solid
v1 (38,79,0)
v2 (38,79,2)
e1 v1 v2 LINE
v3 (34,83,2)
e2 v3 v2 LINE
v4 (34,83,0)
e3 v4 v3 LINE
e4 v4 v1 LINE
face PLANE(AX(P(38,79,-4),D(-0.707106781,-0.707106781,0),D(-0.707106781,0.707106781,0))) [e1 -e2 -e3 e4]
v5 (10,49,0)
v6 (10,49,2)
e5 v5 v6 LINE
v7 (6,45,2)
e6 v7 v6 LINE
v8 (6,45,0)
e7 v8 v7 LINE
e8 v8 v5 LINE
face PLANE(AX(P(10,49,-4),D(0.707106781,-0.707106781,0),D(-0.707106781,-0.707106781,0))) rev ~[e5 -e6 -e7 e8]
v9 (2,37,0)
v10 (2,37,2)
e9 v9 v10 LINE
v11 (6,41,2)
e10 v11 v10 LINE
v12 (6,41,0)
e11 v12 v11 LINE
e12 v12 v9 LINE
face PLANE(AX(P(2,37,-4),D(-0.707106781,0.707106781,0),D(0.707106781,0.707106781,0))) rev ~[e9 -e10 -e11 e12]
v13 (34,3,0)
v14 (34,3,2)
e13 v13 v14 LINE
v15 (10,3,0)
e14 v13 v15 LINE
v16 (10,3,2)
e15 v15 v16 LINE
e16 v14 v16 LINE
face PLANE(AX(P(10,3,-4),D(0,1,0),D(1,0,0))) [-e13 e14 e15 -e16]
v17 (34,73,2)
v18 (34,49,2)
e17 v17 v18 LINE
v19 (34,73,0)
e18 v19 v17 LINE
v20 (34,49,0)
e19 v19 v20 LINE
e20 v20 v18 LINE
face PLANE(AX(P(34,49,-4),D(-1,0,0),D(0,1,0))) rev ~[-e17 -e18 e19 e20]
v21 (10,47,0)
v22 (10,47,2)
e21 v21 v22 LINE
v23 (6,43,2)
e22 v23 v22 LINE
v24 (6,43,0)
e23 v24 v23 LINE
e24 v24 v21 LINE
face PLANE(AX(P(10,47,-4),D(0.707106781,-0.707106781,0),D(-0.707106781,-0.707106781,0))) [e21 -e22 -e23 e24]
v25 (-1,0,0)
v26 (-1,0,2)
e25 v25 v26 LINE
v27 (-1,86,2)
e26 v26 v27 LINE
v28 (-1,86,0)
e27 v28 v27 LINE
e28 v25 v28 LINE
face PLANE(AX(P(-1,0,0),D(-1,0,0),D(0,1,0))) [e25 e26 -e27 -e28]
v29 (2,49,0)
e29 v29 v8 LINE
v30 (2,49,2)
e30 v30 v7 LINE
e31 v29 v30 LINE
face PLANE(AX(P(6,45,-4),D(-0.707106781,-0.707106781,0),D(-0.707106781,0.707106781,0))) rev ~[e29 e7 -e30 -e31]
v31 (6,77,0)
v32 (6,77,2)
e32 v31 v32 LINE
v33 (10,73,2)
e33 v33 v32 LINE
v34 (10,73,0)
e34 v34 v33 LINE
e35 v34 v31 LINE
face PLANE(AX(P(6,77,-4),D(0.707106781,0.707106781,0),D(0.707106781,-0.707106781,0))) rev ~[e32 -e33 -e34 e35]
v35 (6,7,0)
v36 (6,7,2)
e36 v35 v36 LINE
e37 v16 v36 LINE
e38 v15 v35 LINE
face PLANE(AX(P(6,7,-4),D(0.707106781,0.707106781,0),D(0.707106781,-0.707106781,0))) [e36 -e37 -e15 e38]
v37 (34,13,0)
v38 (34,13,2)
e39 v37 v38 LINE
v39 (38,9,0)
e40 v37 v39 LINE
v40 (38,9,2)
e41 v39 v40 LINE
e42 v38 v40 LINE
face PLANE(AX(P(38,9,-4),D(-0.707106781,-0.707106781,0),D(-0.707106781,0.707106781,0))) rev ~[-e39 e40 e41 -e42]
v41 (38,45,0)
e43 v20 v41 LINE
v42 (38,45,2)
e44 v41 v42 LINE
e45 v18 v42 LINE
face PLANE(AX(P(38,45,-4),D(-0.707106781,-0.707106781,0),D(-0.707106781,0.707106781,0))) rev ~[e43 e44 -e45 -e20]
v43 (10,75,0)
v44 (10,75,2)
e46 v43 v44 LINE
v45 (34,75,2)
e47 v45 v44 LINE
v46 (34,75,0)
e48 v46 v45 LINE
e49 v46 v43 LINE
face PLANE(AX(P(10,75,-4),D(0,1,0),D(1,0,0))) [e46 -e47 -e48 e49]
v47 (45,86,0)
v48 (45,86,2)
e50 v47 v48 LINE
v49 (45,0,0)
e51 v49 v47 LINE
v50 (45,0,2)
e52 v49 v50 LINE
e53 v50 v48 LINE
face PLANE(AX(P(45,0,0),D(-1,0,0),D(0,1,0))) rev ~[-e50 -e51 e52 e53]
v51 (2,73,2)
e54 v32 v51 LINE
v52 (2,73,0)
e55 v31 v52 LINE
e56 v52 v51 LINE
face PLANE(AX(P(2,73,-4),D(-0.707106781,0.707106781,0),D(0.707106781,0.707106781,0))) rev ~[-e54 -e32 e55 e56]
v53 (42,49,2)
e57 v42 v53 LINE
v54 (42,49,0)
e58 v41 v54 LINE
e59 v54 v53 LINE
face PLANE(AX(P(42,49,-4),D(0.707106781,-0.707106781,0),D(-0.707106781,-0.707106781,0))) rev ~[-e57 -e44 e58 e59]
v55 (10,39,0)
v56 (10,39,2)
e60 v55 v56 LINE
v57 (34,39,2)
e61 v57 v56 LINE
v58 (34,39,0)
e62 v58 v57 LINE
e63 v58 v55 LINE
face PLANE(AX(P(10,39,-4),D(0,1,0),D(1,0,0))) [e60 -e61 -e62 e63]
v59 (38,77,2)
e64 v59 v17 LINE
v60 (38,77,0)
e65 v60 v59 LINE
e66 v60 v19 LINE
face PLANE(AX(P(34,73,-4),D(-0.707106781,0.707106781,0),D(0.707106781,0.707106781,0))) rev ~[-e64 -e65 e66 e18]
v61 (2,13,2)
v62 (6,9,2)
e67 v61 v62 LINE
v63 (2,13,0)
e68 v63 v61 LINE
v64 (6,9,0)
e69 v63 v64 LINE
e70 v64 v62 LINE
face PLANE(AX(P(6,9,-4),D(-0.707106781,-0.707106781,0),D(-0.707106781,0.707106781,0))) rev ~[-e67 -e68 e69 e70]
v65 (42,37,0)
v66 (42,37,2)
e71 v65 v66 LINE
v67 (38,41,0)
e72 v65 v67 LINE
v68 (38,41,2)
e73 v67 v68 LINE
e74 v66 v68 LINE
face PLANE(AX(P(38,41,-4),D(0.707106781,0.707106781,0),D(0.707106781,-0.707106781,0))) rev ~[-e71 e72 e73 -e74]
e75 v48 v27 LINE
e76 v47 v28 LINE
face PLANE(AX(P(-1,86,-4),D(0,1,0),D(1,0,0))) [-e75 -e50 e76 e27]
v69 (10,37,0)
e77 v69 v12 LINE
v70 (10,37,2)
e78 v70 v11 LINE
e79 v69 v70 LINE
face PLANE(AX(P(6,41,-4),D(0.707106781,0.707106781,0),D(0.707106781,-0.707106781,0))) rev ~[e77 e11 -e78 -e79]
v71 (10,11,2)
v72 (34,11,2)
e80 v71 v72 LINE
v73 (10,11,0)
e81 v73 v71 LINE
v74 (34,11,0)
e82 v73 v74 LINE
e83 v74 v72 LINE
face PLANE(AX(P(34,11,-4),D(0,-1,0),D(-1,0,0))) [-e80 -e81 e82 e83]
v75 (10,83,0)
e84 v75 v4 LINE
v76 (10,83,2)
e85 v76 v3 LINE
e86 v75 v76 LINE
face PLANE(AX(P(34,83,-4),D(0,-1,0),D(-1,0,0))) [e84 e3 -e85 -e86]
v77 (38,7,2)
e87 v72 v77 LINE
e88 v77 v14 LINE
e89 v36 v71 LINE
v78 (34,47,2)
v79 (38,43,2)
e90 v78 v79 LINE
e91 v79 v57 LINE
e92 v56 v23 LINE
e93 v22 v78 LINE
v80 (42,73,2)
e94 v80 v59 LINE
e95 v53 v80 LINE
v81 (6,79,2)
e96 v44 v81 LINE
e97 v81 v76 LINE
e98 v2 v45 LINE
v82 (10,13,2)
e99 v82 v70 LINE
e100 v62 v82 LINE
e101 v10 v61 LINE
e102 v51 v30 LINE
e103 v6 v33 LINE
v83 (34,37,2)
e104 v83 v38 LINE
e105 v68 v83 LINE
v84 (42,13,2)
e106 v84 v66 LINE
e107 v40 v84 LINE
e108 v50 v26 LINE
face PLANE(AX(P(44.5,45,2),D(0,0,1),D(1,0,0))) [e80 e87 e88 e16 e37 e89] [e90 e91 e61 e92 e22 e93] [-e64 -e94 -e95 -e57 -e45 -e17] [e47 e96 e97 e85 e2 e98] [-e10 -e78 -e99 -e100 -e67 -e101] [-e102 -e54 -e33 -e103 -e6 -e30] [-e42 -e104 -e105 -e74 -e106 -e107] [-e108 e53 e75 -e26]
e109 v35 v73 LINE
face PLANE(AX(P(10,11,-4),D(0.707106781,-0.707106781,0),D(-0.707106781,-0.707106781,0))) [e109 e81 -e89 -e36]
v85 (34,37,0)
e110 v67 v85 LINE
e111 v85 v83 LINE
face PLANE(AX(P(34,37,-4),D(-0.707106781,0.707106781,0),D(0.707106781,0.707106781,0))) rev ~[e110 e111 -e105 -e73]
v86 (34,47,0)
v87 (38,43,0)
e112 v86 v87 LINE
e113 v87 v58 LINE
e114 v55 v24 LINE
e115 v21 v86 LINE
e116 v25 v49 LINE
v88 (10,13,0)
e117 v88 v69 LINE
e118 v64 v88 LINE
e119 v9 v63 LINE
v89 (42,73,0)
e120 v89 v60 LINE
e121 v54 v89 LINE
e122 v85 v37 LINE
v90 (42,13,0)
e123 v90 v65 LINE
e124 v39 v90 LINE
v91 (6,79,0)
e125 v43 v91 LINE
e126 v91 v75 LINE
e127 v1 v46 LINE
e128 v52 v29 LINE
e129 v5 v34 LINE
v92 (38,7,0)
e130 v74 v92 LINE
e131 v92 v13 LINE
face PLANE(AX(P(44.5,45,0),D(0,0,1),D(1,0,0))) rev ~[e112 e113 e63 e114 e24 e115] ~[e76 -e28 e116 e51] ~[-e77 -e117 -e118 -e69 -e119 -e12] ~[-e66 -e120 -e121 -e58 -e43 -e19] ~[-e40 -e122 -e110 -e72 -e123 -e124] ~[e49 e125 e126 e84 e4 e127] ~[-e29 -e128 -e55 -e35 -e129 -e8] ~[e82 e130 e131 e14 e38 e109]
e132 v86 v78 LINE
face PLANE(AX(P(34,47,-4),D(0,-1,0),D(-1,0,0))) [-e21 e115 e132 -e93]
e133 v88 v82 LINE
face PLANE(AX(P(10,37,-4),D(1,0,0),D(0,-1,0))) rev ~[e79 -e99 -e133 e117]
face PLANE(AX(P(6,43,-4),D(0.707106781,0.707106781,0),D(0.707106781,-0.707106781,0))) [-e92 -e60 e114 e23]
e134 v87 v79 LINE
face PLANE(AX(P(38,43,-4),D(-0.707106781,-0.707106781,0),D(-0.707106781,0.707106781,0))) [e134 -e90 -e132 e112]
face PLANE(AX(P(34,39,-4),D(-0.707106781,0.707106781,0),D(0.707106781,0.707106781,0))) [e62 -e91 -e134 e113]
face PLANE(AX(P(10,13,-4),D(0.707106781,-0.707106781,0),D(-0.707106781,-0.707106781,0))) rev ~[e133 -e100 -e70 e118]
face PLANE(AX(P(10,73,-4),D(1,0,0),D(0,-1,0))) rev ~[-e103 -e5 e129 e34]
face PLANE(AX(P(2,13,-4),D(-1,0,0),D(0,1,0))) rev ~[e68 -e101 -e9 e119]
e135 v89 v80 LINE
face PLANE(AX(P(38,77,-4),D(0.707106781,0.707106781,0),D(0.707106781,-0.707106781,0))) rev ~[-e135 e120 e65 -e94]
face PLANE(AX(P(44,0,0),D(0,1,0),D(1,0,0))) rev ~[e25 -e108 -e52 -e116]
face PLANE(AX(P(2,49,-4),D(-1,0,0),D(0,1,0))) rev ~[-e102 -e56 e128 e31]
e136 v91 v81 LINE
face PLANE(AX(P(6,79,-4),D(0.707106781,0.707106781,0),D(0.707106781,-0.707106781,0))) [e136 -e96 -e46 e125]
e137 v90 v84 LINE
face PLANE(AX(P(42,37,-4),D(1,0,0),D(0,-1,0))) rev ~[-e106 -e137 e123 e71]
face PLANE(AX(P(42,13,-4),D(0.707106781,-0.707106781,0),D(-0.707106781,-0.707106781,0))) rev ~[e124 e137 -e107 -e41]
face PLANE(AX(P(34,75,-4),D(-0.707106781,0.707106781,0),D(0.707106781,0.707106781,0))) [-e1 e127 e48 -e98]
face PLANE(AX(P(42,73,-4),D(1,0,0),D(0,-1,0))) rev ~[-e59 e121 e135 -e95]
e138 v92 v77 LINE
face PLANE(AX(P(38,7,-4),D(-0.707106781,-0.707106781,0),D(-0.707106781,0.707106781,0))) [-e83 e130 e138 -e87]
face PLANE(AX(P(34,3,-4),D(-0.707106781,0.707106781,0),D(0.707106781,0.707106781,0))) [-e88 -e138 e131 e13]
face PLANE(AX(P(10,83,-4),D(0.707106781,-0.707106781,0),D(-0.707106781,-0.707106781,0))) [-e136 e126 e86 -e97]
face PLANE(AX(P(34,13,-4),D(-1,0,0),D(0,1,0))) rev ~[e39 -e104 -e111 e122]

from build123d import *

# Parameters (mm, degrees)
BOX011_W         = 46
BOX011_H         = 4
BOX011_DEPTH     = 10
BOX010_W         = 1
BOX010_H         = 90
BOX010_DEPTH     = 2
BOX_W            = 1
BOX_H            = 90
BOX_DEPTH        = 2
EXTRUDE006_DEPTH = 10
EXTRUDE005_DEPTH = 10
EXTRUDE004_DEPTH = 10
EXTRUDE_DEPTH    = 10
EXTRUDE003_DEPTH = 10
EXTRUDE002_DEPTH = 10
EXTRUDE001_DEPTH = 10
BOX001_W         = 44
BOX001_H         = 90
BOX001_DEPTH     = 2


with BuildPart() as cube011:
    # Box011 → Box011 (new body)
    with BuildSketch(Plane(origin=(-1, 86, -4), x_dir=(1, 0, 0), z_dir=(0, 0, 1))):
        with Locations((23, 2)):
            Rectangle(BOX011_W, BOX011_H)
    extrude(amount=BOX011_DEPTH)


with BuildPart() as cube010:
    # Box010 → Box010 (new body)
    with BuildSketch(Plane(origin=(44, 0, 0), x_dir=(1, 0, 0), z_dir=(0, 0, 1))):
        with Locations((0.5, 45)):
            Rectangle(BOX010_W, BOX010_H)
    extrude(amount=BOX010_DEPTH)


with BuildPart() as cube:
    # Box → Box (new body)
    with BuildSketch(Plane(origin=(-1, 0, 0), x_dir=(1, 0, 0), z_dir=(0, 0, 1))):
        with Locations((0.5, 45)):
            Rectangle(BOX_W, BOX_H)
    extrude(amount=BOX_DEPTH)


with BuildPart() as extrude_g:
    # Sketch008 (on Face6 of Box006) → Extrude006 (new body)
    with BuildSketch(Plane.XY.offset(10)):
        Polygon((10, 47), (6, 43), (10, 39), (34, 39), (38, 43), (34, 47), align=None)
    extrude(amount=EXTRUDE006_DEPTH)


with BuildPart() as extrude_g_1:
    # Extrude006 placement: moved
    add(extrude_g.part.moved(Location((0, 0, -14))))


with BuildPart() as extrude_f:
    # Sketch010 (on Face6 of Box008) → Extrude005 (new body)
    with BuildSketch(Plane.XY.offset(10)):
        Polygon((6, 77), (10, 73), (10, 49), (6, 45), (2, 49), (2, 73), align=None)
    extrude(amount=EXTRUDE005_DEPTH)


with BuildPart() as extrude_f_1:
    # Extrude005 placement: moved
    add(extrude_f.part.moved(Location((0, 0, -14))))


with BuildPart() as extrude_e:
    # Sketch011 (on Face6 of Box009) → Extrude004 (new body)
    with BuildSketch(Plane.XY.offset(10)):
        Polygon((6, 41), (10, 37), (10, 13), (6, 9), (2, 13), (2, 37), align=None)
    extrude(amount=EXTRUDE004_DEPTH)


with BuildPart() as extrude_e_1:
    # Extrude004 placement: moved
    add(extrude_e.part.moved(Location((0, 0, -14))))


with BuildPart() as extrude_d:
    # Sketch003 (on Face6 of Box001) → Extrude (new body)
    with BuildSketch(Plane.XY.offset(2)):
        Polygon((10, 11), (6, 7), (10, 3), (34, 3), (38, 7), (34, 11), align=None)
    extrude(amount=EXTRUDE_DEPTH)


with BuildPart() as extrude_d_1:
    # Extrude placement: moved
    add(extrude_d.part.moved(Location((0, 0, -6))))


with BuildPart() as extrude_c:
    # Sketch006 (on Face6 of Box004) → Extrude003 (new body)
    with BuildSketch(Plane.XY.offset(10)):
        Polygon((38, 41), (42, 37), (42, 13), (38, 9), (34, 13), (34, 37), align=None)
    extrude(amount=EXTRUDE003_DEPTH)


with BuildPart() as extrude_c_1:
    # Extrude003 placement: moved
    add(extrude_c.part.moved(Location((0, 0, -14))))


with BuildPart() as extrude_b:
    # Sketch007 (on Face6 of Box005) → Extrude002 (new body)
    with BuildSketch(Plane.XY.offset(10)):
        Polygon((38, 77), (42, 73), (42, 49), (38, 45), (34, 49), (34, 73), align=None)
    extrude(amount=EXTRUDE002_DEPTH)


with BuildPart() as extrude_b_1:
    # Extrude002 placement: moved
    add(extrude_b.part.moved(Location((0, 0, -14))))


with BuildPart() as extrude_a:
    # Sketch009 (on Face6 of Box007) → Extrude001 (new body)
    with BuildSketch(Plane.XY.offset(10)):
        Polygon((10, 83), (6, 79), (10, 75), (34, 75), (38, 79), (34, 83), align=None)
    extrude(amount=EXTRUDE001_DEPTH)


with BuildPart() as extrude_a_1:
    # Extrude001 placement: moved
    add(extrude_a.part.moved(Location((0, 0, -14))))


with BuildPart() as cut007:
    # Box001 → Box001 (new body)
    with BuildSketch(Plane.XY):
        with Locations((22, 45)):
            Rectangle(BOX001_W, BOX001_H)
    extrude(amount=BOX001_DEPTH)

    # Cut: cut Extrude_A
    add(extrude_a_1.part, mode=Mode.SUBTRACT)

    # Cut001: cut Extrude_B
    add(extrude_b_1.part, mode=Mode.SUBTRACT)

    # Cut002: cut Extrude_C
    add(extrude_c_1.part, mode=Mode.SUBTRACT)

    # Cut003: cut Extrude_D
    add(extrude_d_1.part, mode=Mode.SUBTRACT)

    # Cut004: cut Extrude_E
    add(extrude_e_1.part, mode=Mode.SUBTRACT)

    # Cut005: cut Extrude_F
    add(extrude_f_1.part, mode=Mode.SUBTRACT)

    # Cut006: cut Extrude_G
    add(extrude_g_1.part, mode=Mode.SUBTRACT)

    # Fusion: union Cube
    add(cube.part)

    # Fusion001: union Cube010
    add(cube010.part)

    # Cut007: cut Cube011
    add(cube011.part, mode=Mode.SUBTRACT)


solid = cut007.part
